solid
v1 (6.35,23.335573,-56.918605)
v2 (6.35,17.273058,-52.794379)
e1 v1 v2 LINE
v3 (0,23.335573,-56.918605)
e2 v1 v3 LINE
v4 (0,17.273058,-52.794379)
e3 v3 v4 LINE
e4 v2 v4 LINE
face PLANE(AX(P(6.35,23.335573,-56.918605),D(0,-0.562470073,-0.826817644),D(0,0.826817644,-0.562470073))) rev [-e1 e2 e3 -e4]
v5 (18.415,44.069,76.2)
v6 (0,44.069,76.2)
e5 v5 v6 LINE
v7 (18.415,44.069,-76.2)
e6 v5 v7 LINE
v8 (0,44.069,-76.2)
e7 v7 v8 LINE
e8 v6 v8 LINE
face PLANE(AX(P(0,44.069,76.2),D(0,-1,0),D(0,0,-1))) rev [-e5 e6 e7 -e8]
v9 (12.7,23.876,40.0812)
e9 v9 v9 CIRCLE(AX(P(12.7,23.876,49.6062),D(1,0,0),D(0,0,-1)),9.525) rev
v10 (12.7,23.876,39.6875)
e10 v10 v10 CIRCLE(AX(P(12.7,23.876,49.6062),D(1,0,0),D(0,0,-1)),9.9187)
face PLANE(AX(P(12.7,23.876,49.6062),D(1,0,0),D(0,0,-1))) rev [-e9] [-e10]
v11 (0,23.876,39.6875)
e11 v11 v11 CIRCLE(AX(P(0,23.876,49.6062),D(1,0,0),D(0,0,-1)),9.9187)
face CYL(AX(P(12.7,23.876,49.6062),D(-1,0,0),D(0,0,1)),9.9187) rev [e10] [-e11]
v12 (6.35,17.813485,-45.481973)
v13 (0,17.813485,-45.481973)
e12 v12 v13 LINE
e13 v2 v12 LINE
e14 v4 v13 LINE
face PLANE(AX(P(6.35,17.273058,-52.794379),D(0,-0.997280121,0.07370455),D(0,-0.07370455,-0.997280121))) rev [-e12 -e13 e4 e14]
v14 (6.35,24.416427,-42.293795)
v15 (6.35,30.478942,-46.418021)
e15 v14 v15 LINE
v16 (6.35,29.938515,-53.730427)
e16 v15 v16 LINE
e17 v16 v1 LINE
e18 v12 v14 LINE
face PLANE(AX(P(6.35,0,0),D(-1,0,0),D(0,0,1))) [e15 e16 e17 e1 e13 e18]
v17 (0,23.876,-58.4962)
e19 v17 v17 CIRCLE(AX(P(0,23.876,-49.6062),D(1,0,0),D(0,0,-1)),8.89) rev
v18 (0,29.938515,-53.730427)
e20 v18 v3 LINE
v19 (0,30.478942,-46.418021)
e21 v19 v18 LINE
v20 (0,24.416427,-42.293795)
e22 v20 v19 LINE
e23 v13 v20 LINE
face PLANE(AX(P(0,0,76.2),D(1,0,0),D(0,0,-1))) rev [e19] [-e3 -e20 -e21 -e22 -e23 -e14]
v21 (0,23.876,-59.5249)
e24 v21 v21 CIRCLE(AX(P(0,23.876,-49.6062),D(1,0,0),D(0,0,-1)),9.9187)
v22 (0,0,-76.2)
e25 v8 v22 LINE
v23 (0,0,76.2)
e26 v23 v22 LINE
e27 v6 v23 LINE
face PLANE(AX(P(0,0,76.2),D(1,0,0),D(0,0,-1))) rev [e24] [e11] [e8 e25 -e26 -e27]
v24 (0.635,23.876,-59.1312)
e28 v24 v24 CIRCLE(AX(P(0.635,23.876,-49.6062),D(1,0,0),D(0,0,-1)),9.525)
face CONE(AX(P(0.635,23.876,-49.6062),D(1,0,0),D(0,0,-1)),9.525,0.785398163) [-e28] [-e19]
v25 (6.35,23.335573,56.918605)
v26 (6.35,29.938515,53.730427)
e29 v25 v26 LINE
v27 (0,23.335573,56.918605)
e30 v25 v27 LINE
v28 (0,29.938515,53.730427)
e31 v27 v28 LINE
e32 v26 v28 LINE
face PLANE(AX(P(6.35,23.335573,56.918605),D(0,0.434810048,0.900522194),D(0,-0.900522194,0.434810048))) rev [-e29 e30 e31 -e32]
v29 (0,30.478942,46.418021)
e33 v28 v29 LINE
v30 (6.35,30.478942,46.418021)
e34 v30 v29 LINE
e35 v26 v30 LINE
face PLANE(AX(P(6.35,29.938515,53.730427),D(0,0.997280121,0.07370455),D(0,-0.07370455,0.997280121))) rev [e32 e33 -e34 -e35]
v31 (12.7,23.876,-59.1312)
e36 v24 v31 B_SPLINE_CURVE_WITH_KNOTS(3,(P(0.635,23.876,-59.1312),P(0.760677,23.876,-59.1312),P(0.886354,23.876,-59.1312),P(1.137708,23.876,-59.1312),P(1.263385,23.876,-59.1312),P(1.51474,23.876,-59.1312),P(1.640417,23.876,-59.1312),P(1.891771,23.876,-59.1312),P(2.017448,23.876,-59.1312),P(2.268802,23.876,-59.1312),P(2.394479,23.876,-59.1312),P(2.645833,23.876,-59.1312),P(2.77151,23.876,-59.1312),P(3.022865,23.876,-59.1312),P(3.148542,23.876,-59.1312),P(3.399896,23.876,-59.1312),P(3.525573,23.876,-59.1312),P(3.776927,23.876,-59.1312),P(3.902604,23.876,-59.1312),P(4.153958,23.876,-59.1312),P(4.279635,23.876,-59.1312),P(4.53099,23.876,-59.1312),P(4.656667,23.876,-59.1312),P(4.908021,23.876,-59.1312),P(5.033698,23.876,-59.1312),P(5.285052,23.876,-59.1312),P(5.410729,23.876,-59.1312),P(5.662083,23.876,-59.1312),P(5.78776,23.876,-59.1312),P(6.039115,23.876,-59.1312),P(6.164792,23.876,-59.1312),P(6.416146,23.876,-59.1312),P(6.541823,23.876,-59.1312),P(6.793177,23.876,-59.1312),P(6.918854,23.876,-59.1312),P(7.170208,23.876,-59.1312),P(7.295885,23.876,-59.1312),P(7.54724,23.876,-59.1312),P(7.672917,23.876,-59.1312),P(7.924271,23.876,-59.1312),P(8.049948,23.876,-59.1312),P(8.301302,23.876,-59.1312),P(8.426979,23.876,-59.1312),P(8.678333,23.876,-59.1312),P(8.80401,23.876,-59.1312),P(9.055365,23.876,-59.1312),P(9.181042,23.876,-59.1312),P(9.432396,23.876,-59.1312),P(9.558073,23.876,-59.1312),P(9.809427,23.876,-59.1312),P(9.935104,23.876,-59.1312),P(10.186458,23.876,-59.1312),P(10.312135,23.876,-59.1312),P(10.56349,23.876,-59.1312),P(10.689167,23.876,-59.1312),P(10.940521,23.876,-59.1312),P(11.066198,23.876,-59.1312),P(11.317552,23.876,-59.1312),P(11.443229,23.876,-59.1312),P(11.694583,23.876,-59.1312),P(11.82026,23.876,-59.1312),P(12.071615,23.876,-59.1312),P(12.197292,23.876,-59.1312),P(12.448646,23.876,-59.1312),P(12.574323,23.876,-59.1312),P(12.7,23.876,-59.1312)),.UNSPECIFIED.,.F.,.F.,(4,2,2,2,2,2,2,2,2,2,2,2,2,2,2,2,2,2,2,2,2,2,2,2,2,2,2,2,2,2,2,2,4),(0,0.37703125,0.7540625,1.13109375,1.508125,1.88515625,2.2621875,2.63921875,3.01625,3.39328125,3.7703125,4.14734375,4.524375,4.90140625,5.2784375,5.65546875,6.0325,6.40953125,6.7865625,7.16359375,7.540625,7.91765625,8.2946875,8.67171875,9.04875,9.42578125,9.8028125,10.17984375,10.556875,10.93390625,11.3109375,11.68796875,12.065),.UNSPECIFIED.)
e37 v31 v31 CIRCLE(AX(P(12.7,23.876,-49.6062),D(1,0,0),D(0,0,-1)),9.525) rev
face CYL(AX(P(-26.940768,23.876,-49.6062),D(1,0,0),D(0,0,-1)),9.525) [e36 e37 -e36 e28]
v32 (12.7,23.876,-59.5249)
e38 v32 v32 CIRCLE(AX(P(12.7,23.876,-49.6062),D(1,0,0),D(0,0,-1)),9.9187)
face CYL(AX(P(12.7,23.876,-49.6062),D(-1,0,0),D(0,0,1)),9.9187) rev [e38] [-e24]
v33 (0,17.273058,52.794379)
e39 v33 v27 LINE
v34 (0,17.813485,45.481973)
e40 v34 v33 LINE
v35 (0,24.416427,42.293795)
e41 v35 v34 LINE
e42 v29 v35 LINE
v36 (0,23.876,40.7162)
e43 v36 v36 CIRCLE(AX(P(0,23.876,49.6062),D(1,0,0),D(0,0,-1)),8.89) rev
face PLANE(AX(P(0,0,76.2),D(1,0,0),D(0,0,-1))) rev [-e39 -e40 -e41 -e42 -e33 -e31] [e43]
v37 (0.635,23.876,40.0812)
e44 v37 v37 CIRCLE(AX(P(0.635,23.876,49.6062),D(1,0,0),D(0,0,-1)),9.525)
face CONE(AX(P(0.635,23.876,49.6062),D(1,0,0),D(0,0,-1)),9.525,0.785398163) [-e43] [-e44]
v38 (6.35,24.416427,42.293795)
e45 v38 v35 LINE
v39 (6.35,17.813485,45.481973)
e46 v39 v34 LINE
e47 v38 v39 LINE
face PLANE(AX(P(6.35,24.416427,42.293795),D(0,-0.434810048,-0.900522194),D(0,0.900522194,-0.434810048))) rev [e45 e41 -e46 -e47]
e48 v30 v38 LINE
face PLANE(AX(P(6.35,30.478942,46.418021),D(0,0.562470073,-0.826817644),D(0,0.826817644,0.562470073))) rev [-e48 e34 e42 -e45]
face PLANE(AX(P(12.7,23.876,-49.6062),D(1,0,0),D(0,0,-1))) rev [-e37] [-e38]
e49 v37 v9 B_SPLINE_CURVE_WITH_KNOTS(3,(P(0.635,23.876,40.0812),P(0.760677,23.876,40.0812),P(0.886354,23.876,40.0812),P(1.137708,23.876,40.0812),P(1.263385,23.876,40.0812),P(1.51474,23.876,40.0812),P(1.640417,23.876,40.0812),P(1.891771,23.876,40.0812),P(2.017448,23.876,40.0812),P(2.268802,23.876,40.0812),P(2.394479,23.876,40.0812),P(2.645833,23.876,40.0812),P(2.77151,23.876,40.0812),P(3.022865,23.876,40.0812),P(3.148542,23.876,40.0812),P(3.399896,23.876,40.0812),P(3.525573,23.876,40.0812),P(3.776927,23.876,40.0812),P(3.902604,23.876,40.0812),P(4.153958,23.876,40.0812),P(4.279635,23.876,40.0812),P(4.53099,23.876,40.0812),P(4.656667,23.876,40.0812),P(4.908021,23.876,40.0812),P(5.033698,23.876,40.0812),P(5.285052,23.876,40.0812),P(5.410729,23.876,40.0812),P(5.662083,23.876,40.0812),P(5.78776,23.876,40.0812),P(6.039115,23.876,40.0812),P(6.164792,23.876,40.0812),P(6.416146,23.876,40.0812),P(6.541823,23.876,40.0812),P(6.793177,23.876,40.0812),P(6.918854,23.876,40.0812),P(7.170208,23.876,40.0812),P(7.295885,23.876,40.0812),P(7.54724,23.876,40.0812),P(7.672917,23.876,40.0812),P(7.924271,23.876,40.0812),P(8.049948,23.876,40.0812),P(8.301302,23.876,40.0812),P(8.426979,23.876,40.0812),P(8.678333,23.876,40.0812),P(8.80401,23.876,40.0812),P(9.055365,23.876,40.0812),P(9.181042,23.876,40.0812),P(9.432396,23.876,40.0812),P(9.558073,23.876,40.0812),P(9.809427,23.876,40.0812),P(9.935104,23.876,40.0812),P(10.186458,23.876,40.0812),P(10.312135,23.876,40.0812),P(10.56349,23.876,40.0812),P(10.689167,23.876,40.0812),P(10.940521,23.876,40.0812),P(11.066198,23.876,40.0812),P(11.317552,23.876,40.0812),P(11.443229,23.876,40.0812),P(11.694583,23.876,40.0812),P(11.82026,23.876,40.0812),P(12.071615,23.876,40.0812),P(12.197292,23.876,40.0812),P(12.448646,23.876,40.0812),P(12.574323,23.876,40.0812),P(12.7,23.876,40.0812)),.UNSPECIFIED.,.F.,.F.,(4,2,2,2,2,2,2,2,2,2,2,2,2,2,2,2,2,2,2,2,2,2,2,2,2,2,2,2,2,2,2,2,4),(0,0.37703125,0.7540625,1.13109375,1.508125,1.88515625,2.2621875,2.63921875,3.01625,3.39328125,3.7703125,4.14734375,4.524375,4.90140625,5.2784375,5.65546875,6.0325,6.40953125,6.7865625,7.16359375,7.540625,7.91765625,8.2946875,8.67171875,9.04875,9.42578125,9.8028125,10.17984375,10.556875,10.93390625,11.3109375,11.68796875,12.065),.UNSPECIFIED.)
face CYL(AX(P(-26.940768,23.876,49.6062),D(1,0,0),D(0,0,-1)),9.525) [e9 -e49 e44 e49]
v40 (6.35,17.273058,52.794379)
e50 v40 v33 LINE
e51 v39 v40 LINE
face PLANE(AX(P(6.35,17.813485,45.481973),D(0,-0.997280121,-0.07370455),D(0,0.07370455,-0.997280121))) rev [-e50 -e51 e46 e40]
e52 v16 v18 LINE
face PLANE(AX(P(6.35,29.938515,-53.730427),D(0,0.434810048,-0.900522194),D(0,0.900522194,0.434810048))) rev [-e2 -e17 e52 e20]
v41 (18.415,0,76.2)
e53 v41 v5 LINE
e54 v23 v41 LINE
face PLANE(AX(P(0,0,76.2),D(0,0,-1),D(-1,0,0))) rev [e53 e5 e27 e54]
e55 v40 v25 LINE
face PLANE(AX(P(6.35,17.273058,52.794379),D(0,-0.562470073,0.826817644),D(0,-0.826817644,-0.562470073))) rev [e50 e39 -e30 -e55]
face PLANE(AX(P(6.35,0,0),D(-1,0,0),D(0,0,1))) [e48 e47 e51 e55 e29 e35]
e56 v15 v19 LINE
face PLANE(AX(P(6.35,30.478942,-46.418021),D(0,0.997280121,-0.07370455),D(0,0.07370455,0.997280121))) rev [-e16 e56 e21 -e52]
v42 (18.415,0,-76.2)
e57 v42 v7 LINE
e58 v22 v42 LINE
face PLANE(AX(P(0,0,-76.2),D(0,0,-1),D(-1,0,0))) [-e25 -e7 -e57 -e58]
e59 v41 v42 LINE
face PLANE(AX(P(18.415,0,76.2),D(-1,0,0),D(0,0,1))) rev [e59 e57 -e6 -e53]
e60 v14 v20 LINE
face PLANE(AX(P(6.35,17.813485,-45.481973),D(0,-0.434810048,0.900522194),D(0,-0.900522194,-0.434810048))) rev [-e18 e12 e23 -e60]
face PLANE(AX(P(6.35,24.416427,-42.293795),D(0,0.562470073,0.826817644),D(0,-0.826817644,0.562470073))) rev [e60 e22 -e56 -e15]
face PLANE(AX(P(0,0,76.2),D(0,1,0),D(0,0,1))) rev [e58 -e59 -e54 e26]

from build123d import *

# Parameters (mm, degrees)
SKETCH1_W           = 18.415
SKETCH1_H           = 44.069
BOSS_EXTRUDE1_DEPTH = 76.2
SKETCH2_R           = 9.9187
CUT_EXTRUDE1_DEPTH  = 12.7
SKETCH3_R           = 9.525
BOSS_EXTRUDE2_DEPTH = 12.7
CUT_EXTRUDE2_DEPTH  = 6.35
CHAMFER1_SIZE       = 0.635


with BuildPart() as part:
    # Sketch1 → Boss-Extrude1 (new, symmetric)
    with BuildSketch(Plane.XY):
        with Locations((9.2075, 22.0345)):
            Rectangle(SKETCH1_W, SKETCH1_H)
    extrude(amount=BOSS_EXTRUDE1_DEPTH, both=True)

    # Sketch2 → Cut-Extrude1 (cut)
    with BuildSketch(Plane(origin=(0, 0, 0), x_dir=(0, 0, -1), z_dir=(1, 0, 0))):
        with Locations((-49.6062, 23.876)):
            Circle(SKETCH2_R)
        with Locations((49.6062, 23.876)):
            Circle(SKETCH2_R)
    extrude(amount=CUT_EXTRUDE1_DEPTH, mode=Mode.SUBTRACT)

    # Sketch3 → Boss-Extrude2 (add)
    with BuildSketch(Plane.ZY.offset(-12.7)):
        with Locations(Location((49.6062, 23.876, 0), (0, 0, 180))):
            Circle(SKETCH3_R)
        with Locations(Location((-49.6062, 23.876, 0), (0, 0, 180))):
            Circle(SKETCH3_R)
    extrude(amount=BOSS_EXTRUDE2_DEPTH)

    # Sketch4 → Cut-Extrude2 (cut)
    with BuildSketch(Plane.ZY):
        Polygon((42.293794683, 24.416427442), (45.481973448, 17.813484954), (52.794378764, 17.273057512), (56.918605317, 23.335572558), (53.730426552, 29.938515046), (46.418021236, 30.478942488), align=None)
        Polygon((-42.293794683, 24.416427442), (-46.418021236, 30.478942488), (-53.730426552, 29.938515046), (-56.918605317, 23.335572558), (-52.794378764, 17.273057512), (-45.481973448, 17.813484954), align=None)
    extrude(amount=-CUT_EXTRUDE2_DEPTH, mode=Mode.SUBTRACT)

    # Chamfer1
    chamfer1_edges = [part.edges().sort_by_distance(p)[0] for p in [
        (0, 23.876, 59.1312),
        (0, 23.876, -40.0812),
    ]]
    chamfer(chamfer1_edges, length=CHAMFER1_SIZE)


solid = part.part
